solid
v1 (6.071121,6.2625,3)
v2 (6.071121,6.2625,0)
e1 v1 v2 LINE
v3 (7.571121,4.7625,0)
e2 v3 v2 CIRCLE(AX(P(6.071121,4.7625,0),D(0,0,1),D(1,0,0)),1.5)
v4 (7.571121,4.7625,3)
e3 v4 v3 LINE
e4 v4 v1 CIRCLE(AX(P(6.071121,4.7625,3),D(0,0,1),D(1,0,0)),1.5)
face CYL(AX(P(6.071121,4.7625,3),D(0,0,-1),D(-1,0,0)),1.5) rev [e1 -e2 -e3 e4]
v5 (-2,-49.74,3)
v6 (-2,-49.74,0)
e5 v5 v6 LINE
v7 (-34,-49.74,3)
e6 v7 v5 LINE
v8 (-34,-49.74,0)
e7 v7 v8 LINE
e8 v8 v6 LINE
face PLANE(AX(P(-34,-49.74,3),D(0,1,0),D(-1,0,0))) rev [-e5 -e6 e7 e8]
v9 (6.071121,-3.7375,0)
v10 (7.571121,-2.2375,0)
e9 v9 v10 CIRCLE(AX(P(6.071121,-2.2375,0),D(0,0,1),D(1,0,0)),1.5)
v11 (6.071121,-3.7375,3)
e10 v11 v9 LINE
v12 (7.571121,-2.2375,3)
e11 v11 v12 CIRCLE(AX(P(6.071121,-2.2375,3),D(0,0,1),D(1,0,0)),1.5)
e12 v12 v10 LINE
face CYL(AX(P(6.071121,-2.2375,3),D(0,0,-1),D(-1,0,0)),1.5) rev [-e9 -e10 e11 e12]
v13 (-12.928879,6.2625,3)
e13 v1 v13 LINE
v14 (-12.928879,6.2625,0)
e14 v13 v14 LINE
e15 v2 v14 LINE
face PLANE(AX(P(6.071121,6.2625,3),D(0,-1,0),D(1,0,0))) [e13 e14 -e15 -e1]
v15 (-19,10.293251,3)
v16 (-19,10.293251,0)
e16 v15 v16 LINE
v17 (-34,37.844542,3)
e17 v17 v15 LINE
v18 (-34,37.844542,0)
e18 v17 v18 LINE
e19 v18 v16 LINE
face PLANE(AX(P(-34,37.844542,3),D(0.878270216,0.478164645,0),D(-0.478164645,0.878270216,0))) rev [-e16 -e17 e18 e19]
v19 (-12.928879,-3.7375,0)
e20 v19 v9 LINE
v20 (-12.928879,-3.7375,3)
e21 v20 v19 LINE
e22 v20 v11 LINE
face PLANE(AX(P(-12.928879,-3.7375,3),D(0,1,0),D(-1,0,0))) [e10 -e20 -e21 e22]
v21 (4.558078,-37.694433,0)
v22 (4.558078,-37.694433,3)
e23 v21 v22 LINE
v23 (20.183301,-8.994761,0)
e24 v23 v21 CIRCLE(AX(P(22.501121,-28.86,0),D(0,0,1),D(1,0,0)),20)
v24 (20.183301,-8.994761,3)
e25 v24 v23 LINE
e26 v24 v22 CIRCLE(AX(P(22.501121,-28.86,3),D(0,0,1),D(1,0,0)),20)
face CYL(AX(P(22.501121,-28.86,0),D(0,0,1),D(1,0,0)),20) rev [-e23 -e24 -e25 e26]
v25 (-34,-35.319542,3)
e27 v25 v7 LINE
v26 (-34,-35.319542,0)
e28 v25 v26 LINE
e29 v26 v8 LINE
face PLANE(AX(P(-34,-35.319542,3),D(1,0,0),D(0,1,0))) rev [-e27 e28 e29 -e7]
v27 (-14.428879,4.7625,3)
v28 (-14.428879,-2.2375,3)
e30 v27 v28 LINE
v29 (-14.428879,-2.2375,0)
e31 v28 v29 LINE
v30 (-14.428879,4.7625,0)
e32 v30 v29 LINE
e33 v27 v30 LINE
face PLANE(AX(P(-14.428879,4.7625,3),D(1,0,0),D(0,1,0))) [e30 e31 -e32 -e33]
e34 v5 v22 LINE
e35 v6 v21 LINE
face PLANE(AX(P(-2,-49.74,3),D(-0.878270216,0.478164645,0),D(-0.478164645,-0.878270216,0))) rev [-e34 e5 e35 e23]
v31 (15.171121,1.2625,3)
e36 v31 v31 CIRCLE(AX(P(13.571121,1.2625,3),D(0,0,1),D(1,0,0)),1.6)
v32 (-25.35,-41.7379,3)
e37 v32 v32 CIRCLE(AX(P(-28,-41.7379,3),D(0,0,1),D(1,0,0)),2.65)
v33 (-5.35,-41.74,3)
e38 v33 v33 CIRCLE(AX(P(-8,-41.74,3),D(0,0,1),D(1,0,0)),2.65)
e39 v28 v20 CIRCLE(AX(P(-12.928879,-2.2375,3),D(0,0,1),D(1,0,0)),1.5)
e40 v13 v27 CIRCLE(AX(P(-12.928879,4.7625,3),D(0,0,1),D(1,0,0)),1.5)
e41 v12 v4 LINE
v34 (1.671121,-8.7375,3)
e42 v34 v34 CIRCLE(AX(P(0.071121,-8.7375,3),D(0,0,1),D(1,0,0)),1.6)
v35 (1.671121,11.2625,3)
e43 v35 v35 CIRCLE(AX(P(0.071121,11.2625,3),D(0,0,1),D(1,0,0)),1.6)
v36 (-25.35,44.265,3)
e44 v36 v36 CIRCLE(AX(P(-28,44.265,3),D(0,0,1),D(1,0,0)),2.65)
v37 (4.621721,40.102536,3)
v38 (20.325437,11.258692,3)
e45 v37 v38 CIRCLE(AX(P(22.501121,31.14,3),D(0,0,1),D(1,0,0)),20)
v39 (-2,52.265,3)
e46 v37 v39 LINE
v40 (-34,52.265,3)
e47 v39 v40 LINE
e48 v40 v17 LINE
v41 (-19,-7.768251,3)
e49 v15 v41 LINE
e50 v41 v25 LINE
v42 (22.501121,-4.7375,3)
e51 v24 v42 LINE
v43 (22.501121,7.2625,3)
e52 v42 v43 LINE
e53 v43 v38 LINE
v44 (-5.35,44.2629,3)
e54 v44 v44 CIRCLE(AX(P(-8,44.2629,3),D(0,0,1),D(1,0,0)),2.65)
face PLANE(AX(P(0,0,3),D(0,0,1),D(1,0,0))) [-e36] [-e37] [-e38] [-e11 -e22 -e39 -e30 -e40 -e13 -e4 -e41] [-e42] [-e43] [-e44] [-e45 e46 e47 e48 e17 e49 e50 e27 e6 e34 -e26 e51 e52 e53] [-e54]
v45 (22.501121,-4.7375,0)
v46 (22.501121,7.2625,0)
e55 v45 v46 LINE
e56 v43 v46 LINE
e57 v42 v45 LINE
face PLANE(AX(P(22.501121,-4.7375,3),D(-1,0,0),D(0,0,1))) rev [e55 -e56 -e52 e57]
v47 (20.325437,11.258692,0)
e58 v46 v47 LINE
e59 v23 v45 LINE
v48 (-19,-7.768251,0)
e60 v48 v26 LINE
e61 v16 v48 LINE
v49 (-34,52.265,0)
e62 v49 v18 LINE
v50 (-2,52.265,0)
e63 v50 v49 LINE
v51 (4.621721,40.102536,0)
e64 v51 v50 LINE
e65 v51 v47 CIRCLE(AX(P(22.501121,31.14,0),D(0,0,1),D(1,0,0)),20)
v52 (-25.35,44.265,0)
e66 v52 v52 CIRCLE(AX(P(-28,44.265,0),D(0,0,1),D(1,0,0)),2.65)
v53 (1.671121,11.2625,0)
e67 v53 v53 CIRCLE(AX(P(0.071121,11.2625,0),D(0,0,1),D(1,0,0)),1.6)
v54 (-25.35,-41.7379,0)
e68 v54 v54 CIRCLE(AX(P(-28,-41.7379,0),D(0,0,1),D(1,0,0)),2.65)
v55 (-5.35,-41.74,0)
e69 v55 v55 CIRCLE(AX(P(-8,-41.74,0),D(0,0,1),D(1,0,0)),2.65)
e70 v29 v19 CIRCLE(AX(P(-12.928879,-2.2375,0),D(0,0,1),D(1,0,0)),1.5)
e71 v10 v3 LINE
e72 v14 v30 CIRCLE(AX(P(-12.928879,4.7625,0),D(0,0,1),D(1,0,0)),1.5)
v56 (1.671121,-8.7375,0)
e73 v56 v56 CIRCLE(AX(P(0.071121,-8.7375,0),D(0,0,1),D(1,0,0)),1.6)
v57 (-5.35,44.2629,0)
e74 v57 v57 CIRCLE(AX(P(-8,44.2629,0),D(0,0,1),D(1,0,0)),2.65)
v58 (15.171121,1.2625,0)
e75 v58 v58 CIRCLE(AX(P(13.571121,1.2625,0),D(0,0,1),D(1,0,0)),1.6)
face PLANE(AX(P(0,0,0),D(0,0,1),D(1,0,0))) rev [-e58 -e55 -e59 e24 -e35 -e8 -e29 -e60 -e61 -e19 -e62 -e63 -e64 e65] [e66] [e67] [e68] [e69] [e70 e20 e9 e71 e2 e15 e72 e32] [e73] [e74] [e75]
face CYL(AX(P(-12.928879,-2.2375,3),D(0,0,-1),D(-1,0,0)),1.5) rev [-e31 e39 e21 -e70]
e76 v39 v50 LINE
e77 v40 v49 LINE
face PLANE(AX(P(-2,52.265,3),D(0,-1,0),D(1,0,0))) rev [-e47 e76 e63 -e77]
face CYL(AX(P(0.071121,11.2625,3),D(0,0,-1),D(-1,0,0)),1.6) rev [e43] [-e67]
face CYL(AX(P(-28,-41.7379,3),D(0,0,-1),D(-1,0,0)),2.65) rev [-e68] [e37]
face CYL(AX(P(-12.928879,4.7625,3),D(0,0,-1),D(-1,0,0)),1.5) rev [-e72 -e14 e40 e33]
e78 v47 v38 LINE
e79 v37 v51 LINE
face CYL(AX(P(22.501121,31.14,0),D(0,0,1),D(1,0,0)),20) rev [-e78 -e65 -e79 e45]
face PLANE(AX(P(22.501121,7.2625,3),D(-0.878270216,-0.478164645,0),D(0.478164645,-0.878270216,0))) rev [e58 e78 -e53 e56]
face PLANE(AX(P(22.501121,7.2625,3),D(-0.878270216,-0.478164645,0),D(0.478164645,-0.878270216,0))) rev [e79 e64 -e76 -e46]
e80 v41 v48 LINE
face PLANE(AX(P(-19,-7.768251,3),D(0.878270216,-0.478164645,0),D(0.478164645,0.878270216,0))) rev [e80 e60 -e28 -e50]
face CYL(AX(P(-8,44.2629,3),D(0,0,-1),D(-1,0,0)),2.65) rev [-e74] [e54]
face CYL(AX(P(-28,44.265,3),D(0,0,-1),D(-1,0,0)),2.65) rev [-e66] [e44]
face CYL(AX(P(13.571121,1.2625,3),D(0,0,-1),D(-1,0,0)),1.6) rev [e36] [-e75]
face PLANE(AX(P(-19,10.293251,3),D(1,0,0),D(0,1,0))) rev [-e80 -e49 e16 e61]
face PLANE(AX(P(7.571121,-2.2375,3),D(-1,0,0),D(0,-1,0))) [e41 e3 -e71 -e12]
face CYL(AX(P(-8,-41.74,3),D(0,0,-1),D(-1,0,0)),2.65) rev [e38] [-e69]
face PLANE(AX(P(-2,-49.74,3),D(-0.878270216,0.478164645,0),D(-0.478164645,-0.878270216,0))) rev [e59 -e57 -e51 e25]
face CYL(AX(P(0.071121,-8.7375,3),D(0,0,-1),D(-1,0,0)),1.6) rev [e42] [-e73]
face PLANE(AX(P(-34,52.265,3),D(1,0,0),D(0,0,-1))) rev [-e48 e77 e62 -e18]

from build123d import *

# Parameters (mm, degrees)
SKETCH1_R          = 2.65
SKETCH1_R_2        = 1.6
EXTRUDE1_DEPTH     = 3
SKETCH2_R          = 20
CUT_EXTRUDE1_DEPTH = 3


with BuildPart() as part:
    # Sketch1 → Extrude1 (new body)
    with BuildSketch(Plane.XY):
        Polygon((-33.99999989, 52.265), (-33.99999989, 37.844541986), (-18.99999989, 10.293251102), (-18.99999989, -7.768251102), (-33.99999989, -35.319541986), (-33.99999989, -49.74), (-2, -49.74), (22.501120576, -4.7375), (22.501120576, 7.2625), (-2, 52.265), align=None)
        with Locations((-27.99999989, 44.265)):
            Circle(SKETCH1_R, mode=Mode.SUBTRACT)
        with Locations((-8, 44.262899898)):
            Circle(SKETCH1_R, mode=Mode.SUBTRACT)
        with Locations((-27.99999989, -41.737899898)):
            Circle(SKETCH1_R, mode=Mode.SUBTRACT)
        with Locations((-8, -41.74)):
            Circle(SKETCH1_R, mode=Mode.SUBTRACT)
        with Locations((0.071120582, 11.2625)):
            Circle(SKETCH1_R_2, mode=Mode.SUBTRACT)
        with Locations((13.571120582, 1.2625)):
            Circle(SKETCH1_R_2, mode=Mode.SUBTRACT)
        with Locations((0.071120582, -8.7375)):
            Circle(SKETCH1_R_2, mode=Mode.SUBTRACT)
        with BuildLine():
            Line((7.571120582, -2.2375), (7.571120582, 4.7625))
            ThreePointArc((7.571120582, 4.7625), (7.131780753, 5.823160172), (6.071120582, 6.2625))
            Line((6.071120582, 6.2625), (-12.928879418, 6.2625))
            ThreePointArc((-12.928879418, 6.2625), (-13.98953959, 5.823160172), (-14.428879418, 4.7625))
            Line((-14.428879418, 4.7625), (-14.428879418, -2.2375))
            ThreePointArc((-14.428879418, -2.2375), (-13.98953959, -3.298160172), (-12.928879418, -3.7375))
            Line((-12.928879418, -3.7375), (6.071120582, -3.7375))
            ThreePointArc((6.071120582, -3.7375), (7.131780753, -3.298160172), (7.571120582, -2.2375))
        make_face(mode=Mode.SUBTRACT)
    extrude(amount=EXTRUDE1_DEPTH)

    # Sketch2 → Cut-Extrude1 (cut)
    with BuildSketch(Plane.XY.offset(3)):
        with Locations((22.501120582, 31.14)):
            Circle(SKETCH2_R)
        with Locations((22.501120582, -28.86)):
            Circle(SKETCH2_R)
    extrude(amount=-CUT_EXTRUDE1_DEPTH, mode=Mode.SUBTRACT)


solid = part.part
